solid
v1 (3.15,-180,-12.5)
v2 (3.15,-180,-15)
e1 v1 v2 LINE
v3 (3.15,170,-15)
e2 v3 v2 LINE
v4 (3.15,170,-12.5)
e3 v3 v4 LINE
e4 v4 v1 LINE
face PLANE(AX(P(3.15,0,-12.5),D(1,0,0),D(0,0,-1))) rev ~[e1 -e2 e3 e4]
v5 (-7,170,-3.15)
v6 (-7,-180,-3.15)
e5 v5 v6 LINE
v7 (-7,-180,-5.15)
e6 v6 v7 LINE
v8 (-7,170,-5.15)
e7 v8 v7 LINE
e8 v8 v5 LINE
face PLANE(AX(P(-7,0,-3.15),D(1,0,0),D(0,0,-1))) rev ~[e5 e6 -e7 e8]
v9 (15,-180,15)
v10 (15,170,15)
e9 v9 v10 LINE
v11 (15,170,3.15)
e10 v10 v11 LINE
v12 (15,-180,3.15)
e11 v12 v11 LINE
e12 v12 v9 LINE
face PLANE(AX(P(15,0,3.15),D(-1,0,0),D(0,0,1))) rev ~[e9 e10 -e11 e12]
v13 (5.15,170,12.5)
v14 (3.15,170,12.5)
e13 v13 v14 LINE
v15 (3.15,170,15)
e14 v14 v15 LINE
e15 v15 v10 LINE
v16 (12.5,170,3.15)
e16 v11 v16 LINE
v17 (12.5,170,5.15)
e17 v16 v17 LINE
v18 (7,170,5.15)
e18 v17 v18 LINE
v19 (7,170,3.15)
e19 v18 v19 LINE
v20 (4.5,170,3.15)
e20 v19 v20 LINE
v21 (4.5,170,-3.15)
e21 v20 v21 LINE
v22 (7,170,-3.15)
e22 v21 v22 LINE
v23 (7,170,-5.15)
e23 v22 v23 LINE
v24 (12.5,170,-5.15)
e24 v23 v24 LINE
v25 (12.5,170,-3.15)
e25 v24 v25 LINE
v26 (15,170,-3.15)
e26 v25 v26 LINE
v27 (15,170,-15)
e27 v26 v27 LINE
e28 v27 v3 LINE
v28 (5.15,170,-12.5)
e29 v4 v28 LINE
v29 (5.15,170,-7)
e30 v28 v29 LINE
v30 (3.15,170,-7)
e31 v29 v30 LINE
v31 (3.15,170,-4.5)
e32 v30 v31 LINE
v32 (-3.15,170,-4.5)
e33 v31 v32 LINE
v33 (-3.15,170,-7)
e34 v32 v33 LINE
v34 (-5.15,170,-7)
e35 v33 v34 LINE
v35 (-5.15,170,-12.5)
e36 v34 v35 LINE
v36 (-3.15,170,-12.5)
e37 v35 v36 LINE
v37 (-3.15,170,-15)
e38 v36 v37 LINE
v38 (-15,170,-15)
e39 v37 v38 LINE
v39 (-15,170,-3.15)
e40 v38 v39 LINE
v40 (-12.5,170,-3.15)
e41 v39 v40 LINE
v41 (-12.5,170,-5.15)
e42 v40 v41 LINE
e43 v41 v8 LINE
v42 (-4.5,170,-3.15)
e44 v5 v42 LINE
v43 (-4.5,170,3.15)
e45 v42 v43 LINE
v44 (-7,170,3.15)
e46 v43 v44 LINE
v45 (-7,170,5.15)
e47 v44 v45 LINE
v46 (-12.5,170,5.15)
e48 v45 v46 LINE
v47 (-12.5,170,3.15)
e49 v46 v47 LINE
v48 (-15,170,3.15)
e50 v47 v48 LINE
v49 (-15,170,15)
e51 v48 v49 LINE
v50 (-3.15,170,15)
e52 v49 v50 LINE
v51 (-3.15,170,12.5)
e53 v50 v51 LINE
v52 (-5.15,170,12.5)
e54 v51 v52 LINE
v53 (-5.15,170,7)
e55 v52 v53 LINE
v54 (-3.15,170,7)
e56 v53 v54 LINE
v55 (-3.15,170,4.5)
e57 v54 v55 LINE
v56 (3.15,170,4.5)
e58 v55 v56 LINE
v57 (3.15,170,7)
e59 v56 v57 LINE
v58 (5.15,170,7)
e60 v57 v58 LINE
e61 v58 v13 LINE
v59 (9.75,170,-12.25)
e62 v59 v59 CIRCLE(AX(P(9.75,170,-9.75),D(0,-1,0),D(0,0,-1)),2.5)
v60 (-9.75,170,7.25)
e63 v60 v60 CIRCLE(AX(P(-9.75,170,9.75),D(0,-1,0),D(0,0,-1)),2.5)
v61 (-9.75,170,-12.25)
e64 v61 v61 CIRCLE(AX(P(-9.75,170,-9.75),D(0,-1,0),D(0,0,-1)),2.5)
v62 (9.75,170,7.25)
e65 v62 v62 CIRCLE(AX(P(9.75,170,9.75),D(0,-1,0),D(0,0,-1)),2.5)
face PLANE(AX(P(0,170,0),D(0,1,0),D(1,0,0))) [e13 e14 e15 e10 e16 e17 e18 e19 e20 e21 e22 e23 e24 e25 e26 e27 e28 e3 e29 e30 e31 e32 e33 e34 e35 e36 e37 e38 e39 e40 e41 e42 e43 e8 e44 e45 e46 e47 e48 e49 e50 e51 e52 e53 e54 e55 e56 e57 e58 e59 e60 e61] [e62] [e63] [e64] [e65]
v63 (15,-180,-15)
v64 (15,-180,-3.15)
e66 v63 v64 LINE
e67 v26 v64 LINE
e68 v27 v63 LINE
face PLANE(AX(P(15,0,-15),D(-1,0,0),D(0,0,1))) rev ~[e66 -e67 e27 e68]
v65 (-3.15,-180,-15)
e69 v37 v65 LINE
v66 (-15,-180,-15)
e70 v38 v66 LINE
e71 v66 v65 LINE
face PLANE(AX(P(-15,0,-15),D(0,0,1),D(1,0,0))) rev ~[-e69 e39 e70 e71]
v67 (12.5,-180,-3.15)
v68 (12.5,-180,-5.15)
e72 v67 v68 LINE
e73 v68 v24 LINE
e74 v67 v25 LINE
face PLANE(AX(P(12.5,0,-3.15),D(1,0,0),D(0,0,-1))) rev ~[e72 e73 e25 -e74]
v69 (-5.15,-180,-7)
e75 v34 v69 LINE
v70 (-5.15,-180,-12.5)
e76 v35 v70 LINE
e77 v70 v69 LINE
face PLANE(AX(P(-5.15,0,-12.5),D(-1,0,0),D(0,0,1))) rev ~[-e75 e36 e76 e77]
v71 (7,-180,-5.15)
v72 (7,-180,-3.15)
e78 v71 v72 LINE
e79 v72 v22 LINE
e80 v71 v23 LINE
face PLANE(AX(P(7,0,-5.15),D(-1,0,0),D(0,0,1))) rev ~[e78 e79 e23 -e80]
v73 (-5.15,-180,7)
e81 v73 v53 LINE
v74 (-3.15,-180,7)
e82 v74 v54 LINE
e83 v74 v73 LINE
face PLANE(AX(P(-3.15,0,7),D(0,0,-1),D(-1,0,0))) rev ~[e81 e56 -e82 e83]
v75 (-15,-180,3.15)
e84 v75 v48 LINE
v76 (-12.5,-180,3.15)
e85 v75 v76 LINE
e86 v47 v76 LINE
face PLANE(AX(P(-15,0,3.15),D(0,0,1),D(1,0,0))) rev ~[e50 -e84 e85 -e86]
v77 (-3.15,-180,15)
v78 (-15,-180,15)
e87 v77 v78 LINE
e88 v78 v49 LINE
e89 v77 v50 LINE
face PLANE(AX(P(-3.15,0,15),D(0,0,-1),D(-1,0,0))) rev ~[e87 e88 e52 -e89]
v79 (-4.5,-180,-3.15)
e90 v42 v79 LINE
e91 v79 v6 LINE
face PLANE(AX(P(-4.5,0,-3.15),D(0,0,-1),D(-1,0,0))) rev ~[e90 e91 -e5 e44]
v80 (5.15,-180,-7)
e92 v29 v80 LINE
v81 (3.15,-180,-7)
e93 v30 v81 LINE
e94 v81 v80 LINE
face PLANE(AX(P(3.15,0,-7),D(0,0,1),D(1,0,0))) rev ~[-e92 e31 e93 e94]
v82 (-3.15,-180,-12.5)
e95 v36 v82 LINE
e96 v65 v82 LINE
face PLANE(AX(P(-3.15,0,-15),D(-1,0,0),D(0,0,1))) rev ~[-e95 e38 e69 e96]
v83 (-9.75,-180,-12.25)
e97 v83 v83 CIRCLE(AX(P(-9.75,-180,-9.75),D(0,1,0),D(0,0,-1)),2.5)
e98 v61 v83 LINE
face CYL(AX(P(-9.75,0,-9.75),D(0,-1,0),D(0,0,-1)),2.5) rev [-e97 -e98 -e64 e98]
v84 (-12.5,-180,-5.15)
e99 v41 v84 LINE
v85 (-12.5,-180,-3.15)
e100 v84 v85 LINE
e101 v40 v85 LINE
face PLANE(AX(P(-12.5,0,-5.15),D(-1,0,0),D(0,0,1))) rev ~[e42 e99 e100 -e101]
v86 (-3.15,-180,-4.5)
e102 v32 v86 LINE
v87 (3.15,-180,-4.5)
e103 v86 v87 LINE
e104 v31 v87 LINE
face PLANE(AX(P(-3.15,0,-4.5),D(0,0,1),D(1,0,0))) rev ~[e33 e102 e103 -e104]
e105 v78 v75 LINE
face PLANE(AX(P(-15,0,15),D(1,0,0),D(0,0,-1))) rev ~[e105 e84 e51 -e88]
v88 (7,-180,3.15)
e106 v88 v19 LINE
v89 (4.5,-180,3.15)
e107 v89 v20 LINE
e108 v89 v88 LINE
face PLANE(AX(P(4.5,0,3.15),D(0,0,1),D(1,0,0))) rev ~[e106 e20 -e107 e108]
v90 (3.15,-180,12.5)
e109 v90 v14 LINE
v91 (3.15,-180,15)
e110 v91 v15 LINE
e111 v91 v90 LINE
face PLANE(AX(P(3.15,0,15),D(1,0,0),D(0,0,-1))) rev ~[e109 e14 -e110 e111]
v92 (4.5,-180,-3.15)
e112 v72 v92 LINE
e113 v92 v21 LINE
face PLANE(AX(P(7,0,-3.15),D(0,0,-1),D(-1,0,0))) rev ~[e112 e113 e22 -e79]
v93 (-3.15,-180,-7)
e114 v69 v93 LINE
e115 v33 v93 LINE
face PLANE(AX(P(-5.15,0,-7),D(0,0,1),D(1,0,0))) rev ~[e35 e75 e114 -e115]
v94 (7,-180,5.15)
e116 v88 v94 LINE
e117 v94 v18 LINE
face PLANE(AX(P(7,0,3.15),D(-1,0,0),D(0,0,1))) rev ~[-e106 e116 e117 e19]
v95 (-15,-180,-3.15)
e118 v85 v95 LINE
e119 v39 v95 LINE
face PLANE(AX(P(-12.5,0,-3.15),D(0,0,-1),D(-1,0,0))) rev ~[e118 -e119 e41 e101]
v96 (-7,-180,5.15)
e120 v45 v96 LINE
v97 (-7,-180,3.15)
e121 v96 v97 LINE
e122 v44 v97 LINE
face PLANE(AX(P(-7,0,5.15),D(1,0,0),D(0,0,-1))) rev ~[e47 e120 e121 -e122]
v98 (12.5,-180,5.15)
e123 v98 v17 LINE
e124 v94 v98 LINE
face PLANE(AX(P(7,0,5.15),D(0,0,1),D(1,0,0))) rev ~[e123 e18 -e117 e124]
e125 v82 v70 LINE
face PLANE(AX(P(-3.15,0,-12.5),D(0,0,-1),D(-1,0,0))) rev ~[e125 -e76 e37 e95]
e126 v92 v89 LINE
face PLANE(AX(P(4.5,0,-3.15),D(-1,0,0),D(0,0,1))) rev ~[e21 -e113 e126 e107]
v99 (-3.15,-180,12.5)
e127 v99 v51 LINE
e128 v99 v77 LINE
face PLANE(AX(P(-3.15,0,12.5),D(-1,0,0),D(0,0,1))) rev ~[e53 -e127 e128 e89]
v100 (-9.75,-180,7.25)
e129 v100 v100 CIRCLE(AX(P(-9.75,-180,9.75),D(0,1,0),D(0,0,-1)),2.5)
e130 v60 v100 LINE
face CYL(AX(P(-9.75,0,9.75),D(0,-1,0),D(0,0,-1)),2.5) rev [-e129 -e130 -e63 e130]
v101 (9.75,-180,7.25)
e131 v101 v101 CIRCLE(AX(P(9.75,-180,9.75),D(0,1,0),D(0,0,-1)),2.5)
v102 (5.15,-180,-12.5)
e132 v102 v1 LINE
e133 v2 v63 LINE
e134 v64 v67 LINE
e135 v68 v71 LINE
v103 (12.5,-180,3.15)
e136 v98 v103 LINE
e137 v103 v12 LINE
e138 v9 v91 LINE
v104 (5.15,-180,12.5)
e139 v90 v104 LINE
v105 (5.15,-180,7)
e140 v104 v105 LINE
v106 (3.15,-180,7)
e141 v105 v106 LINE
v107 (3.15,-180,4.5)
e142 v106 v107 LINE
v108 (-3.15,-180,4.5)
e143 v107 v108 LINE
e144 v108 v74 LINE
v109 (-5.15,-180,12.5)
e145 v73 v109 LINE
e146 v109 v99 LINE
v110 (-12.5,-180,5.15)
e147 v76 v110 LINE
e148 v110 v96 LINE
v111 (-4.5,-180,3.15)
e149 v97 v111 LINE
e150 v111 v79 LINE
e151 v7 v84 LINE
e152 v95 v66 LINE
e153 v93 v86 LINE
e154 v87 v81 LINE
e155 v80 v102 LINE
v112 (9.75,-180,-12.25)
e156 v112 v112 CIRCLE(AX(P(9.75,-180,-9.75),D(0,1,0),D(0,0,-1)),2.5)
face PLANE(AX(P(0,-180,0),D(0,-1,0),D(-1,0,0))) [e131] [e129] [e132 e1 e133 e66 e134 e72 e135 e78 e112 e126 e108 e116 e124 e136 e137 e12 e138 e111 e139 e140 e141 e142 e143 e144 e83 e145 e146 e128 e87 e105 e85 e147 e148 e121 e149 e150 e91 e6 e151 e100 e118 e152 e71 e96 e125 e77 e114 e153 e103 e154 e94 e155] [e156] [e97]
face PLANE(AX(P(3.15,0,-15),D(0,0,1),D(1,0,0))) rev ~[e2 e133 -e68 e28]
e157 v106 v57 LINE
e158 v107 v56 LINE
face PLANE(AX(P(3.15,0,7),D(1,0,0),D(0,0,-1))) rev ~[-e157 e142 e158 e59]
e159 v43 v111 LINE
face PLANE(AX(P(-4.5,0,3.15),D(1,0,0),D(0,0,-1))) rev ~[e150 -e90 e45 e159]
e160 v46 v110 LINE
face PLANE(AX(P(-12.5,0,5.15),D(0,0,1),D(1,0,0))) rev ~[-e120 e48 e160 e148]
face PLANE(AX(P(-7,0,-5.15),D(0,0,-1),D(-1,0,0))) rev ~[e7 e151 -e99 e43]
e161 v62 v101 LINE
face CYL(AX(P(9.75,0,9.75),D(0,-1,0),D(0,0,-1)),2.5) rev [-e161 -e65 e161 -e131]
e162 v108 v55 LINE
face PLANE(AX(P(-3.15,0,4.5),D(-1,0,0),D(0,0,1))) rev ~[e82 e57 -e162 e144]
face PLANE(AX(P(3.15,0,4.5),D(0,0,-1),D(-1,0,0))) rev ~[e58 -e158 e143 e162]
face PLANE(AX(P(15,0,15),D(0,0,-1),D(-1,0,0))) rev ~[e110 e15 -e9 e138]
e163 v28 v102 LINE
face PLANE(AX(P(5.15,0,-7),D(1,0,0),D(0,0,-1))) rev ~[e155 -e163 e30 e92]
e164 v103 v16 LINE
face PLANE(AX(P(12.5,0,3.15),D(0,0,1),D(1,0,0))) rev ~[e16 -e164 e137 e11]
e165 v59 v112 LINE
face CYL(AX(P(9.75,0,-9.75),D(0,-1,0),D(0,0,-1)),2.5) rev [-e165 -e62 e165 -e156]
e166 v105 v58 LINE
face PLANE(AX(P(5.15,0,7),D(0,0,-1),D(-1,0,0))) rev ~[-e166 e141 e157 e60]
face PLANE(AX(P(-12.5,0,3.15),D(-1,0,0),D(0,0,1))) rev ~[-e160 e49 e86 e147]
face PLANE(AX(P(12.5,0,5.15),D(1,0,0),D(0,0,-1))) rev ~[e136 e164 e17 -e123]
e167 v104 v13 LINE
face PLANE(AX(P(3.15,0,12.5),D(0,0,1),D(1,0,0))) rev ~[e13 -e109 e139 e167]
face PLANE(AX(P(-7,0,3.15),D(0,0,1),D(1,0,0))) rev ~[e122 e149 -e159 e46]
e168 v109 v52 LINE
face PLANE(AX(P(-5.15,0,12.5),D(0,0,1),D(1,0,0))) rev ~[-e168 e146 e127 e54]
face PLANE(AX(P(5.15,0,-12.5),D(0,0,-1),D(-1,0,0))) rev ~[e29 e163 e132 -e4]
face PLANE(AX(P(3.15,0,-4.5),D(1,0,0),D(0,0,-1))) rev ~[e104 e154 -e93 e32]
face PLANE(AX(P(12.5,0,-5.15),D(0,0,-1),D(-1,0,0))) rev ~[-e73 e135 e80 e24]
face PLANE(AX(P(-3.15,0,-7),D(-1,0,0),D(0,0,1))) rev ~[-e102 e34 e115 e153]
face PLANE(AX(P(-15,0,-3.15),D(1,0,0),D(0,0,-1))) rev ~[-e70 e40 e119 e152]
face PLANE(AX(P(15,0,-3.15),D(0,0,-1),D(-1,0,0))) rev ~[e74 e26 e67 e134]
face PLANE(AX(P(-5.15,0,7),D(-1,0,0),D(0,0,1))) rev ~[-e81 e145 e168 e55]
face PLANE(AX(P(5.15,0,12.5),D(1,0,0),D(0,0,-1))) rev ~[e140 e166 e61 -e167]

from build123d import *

# Parameters (mm, degrees)
SKETCH_1_R          = 2.5
EXTRUDE_1_DEPTH     = 180
SKETCH_2_R          = 82.250528809
CUT_EXTRUDE_1_DEPTH = 10


with BuildPart() as part:
    # 草图1 → 凸台-拉伸1 (new, symmetric)
    with BuildSketch(Plane(origin=(0, 0, 0), x_dir=(1, 0, 0), z_dir=(0, 1, 0))):
        Polygon((-15, -3.15), (-12.5, -3.15), (-12.5, -5.15), (-7, -5.15), (-7, -3.15), (-4.5, -3.15), (-4.5, 3.15), (-7, 3.15), (-7, 5.15), (-12.5, 5.15), (-12.5, 3.15), (-15, 3.15), (-15, 15), (-3.15, 15), (-3.15, 12.5), (-5.15, 12.5), (-5.15, 7), (-3.15, 7), (-3.15, 4.5), (3.15, 4.5), (3.15, 7), (5.15, 7), (5.15, 12.5), (3.15, 12.5), (3.15, 15), (15, 15), (15, 3.15), (12.5, 3.15), (12.5, 5.15), (7, 5.15), (7, 3.15), (4.5, 3.15), (4.5, -3.15), (7, -3.15), (7, -5.15), (12.5, -5.15), (12.5, -3.15), (15, -3.15), (15, -15), (3.15, -15), (3.15, -12.5), (5.15, -12.5), (5.15, -7), (3.15, -7), (3.15, -4.5), (-3.15, -4.5), (-3.15, -7), (-5.15, -7), (-5.15, -12.5), (-3.15, -12.5), (-3.15, -15), (-15, -15), align=None)
        with Locations(Location((-9.75, -9.75, 0), (0, 0, 90))):
            Circle(SKETCH_1_R, mode=Mode.SUBTRACT)
        with Locations(Location((-9.75, 9.75, 0), (0, 0, 90))):
            Circle(SKETCH_1_R, mode=Mode.SUBTRACT)
        with Locations(Location((9.75, 9.75, 0), (0, 0, 90))):
            Circle(SKETCH_1_R, mode=Mode.SUBTRACT)
        with Locations(Location((9.75, -9.75, 0), (0, 0, 90))):
            Circle(SKETCH_1_R, mode=Mode.SUBTRACT)
    extrude(amount=EXTRUDE_1_DEPTH, both=True)

    # 草图2 → 切除-拉伸1 (cut)
    with BuildSketch(Plane(origin=(0, 180, 0), x_dir=(1, 0, 0), z_dir=(0, 1, 0))):
        Circle(SKETCH_2_R)
    extrude(amount=-CUT_EXTRUDE_1_DEPTH, mode=Mode.SUBTRACT)


solid = part.part
